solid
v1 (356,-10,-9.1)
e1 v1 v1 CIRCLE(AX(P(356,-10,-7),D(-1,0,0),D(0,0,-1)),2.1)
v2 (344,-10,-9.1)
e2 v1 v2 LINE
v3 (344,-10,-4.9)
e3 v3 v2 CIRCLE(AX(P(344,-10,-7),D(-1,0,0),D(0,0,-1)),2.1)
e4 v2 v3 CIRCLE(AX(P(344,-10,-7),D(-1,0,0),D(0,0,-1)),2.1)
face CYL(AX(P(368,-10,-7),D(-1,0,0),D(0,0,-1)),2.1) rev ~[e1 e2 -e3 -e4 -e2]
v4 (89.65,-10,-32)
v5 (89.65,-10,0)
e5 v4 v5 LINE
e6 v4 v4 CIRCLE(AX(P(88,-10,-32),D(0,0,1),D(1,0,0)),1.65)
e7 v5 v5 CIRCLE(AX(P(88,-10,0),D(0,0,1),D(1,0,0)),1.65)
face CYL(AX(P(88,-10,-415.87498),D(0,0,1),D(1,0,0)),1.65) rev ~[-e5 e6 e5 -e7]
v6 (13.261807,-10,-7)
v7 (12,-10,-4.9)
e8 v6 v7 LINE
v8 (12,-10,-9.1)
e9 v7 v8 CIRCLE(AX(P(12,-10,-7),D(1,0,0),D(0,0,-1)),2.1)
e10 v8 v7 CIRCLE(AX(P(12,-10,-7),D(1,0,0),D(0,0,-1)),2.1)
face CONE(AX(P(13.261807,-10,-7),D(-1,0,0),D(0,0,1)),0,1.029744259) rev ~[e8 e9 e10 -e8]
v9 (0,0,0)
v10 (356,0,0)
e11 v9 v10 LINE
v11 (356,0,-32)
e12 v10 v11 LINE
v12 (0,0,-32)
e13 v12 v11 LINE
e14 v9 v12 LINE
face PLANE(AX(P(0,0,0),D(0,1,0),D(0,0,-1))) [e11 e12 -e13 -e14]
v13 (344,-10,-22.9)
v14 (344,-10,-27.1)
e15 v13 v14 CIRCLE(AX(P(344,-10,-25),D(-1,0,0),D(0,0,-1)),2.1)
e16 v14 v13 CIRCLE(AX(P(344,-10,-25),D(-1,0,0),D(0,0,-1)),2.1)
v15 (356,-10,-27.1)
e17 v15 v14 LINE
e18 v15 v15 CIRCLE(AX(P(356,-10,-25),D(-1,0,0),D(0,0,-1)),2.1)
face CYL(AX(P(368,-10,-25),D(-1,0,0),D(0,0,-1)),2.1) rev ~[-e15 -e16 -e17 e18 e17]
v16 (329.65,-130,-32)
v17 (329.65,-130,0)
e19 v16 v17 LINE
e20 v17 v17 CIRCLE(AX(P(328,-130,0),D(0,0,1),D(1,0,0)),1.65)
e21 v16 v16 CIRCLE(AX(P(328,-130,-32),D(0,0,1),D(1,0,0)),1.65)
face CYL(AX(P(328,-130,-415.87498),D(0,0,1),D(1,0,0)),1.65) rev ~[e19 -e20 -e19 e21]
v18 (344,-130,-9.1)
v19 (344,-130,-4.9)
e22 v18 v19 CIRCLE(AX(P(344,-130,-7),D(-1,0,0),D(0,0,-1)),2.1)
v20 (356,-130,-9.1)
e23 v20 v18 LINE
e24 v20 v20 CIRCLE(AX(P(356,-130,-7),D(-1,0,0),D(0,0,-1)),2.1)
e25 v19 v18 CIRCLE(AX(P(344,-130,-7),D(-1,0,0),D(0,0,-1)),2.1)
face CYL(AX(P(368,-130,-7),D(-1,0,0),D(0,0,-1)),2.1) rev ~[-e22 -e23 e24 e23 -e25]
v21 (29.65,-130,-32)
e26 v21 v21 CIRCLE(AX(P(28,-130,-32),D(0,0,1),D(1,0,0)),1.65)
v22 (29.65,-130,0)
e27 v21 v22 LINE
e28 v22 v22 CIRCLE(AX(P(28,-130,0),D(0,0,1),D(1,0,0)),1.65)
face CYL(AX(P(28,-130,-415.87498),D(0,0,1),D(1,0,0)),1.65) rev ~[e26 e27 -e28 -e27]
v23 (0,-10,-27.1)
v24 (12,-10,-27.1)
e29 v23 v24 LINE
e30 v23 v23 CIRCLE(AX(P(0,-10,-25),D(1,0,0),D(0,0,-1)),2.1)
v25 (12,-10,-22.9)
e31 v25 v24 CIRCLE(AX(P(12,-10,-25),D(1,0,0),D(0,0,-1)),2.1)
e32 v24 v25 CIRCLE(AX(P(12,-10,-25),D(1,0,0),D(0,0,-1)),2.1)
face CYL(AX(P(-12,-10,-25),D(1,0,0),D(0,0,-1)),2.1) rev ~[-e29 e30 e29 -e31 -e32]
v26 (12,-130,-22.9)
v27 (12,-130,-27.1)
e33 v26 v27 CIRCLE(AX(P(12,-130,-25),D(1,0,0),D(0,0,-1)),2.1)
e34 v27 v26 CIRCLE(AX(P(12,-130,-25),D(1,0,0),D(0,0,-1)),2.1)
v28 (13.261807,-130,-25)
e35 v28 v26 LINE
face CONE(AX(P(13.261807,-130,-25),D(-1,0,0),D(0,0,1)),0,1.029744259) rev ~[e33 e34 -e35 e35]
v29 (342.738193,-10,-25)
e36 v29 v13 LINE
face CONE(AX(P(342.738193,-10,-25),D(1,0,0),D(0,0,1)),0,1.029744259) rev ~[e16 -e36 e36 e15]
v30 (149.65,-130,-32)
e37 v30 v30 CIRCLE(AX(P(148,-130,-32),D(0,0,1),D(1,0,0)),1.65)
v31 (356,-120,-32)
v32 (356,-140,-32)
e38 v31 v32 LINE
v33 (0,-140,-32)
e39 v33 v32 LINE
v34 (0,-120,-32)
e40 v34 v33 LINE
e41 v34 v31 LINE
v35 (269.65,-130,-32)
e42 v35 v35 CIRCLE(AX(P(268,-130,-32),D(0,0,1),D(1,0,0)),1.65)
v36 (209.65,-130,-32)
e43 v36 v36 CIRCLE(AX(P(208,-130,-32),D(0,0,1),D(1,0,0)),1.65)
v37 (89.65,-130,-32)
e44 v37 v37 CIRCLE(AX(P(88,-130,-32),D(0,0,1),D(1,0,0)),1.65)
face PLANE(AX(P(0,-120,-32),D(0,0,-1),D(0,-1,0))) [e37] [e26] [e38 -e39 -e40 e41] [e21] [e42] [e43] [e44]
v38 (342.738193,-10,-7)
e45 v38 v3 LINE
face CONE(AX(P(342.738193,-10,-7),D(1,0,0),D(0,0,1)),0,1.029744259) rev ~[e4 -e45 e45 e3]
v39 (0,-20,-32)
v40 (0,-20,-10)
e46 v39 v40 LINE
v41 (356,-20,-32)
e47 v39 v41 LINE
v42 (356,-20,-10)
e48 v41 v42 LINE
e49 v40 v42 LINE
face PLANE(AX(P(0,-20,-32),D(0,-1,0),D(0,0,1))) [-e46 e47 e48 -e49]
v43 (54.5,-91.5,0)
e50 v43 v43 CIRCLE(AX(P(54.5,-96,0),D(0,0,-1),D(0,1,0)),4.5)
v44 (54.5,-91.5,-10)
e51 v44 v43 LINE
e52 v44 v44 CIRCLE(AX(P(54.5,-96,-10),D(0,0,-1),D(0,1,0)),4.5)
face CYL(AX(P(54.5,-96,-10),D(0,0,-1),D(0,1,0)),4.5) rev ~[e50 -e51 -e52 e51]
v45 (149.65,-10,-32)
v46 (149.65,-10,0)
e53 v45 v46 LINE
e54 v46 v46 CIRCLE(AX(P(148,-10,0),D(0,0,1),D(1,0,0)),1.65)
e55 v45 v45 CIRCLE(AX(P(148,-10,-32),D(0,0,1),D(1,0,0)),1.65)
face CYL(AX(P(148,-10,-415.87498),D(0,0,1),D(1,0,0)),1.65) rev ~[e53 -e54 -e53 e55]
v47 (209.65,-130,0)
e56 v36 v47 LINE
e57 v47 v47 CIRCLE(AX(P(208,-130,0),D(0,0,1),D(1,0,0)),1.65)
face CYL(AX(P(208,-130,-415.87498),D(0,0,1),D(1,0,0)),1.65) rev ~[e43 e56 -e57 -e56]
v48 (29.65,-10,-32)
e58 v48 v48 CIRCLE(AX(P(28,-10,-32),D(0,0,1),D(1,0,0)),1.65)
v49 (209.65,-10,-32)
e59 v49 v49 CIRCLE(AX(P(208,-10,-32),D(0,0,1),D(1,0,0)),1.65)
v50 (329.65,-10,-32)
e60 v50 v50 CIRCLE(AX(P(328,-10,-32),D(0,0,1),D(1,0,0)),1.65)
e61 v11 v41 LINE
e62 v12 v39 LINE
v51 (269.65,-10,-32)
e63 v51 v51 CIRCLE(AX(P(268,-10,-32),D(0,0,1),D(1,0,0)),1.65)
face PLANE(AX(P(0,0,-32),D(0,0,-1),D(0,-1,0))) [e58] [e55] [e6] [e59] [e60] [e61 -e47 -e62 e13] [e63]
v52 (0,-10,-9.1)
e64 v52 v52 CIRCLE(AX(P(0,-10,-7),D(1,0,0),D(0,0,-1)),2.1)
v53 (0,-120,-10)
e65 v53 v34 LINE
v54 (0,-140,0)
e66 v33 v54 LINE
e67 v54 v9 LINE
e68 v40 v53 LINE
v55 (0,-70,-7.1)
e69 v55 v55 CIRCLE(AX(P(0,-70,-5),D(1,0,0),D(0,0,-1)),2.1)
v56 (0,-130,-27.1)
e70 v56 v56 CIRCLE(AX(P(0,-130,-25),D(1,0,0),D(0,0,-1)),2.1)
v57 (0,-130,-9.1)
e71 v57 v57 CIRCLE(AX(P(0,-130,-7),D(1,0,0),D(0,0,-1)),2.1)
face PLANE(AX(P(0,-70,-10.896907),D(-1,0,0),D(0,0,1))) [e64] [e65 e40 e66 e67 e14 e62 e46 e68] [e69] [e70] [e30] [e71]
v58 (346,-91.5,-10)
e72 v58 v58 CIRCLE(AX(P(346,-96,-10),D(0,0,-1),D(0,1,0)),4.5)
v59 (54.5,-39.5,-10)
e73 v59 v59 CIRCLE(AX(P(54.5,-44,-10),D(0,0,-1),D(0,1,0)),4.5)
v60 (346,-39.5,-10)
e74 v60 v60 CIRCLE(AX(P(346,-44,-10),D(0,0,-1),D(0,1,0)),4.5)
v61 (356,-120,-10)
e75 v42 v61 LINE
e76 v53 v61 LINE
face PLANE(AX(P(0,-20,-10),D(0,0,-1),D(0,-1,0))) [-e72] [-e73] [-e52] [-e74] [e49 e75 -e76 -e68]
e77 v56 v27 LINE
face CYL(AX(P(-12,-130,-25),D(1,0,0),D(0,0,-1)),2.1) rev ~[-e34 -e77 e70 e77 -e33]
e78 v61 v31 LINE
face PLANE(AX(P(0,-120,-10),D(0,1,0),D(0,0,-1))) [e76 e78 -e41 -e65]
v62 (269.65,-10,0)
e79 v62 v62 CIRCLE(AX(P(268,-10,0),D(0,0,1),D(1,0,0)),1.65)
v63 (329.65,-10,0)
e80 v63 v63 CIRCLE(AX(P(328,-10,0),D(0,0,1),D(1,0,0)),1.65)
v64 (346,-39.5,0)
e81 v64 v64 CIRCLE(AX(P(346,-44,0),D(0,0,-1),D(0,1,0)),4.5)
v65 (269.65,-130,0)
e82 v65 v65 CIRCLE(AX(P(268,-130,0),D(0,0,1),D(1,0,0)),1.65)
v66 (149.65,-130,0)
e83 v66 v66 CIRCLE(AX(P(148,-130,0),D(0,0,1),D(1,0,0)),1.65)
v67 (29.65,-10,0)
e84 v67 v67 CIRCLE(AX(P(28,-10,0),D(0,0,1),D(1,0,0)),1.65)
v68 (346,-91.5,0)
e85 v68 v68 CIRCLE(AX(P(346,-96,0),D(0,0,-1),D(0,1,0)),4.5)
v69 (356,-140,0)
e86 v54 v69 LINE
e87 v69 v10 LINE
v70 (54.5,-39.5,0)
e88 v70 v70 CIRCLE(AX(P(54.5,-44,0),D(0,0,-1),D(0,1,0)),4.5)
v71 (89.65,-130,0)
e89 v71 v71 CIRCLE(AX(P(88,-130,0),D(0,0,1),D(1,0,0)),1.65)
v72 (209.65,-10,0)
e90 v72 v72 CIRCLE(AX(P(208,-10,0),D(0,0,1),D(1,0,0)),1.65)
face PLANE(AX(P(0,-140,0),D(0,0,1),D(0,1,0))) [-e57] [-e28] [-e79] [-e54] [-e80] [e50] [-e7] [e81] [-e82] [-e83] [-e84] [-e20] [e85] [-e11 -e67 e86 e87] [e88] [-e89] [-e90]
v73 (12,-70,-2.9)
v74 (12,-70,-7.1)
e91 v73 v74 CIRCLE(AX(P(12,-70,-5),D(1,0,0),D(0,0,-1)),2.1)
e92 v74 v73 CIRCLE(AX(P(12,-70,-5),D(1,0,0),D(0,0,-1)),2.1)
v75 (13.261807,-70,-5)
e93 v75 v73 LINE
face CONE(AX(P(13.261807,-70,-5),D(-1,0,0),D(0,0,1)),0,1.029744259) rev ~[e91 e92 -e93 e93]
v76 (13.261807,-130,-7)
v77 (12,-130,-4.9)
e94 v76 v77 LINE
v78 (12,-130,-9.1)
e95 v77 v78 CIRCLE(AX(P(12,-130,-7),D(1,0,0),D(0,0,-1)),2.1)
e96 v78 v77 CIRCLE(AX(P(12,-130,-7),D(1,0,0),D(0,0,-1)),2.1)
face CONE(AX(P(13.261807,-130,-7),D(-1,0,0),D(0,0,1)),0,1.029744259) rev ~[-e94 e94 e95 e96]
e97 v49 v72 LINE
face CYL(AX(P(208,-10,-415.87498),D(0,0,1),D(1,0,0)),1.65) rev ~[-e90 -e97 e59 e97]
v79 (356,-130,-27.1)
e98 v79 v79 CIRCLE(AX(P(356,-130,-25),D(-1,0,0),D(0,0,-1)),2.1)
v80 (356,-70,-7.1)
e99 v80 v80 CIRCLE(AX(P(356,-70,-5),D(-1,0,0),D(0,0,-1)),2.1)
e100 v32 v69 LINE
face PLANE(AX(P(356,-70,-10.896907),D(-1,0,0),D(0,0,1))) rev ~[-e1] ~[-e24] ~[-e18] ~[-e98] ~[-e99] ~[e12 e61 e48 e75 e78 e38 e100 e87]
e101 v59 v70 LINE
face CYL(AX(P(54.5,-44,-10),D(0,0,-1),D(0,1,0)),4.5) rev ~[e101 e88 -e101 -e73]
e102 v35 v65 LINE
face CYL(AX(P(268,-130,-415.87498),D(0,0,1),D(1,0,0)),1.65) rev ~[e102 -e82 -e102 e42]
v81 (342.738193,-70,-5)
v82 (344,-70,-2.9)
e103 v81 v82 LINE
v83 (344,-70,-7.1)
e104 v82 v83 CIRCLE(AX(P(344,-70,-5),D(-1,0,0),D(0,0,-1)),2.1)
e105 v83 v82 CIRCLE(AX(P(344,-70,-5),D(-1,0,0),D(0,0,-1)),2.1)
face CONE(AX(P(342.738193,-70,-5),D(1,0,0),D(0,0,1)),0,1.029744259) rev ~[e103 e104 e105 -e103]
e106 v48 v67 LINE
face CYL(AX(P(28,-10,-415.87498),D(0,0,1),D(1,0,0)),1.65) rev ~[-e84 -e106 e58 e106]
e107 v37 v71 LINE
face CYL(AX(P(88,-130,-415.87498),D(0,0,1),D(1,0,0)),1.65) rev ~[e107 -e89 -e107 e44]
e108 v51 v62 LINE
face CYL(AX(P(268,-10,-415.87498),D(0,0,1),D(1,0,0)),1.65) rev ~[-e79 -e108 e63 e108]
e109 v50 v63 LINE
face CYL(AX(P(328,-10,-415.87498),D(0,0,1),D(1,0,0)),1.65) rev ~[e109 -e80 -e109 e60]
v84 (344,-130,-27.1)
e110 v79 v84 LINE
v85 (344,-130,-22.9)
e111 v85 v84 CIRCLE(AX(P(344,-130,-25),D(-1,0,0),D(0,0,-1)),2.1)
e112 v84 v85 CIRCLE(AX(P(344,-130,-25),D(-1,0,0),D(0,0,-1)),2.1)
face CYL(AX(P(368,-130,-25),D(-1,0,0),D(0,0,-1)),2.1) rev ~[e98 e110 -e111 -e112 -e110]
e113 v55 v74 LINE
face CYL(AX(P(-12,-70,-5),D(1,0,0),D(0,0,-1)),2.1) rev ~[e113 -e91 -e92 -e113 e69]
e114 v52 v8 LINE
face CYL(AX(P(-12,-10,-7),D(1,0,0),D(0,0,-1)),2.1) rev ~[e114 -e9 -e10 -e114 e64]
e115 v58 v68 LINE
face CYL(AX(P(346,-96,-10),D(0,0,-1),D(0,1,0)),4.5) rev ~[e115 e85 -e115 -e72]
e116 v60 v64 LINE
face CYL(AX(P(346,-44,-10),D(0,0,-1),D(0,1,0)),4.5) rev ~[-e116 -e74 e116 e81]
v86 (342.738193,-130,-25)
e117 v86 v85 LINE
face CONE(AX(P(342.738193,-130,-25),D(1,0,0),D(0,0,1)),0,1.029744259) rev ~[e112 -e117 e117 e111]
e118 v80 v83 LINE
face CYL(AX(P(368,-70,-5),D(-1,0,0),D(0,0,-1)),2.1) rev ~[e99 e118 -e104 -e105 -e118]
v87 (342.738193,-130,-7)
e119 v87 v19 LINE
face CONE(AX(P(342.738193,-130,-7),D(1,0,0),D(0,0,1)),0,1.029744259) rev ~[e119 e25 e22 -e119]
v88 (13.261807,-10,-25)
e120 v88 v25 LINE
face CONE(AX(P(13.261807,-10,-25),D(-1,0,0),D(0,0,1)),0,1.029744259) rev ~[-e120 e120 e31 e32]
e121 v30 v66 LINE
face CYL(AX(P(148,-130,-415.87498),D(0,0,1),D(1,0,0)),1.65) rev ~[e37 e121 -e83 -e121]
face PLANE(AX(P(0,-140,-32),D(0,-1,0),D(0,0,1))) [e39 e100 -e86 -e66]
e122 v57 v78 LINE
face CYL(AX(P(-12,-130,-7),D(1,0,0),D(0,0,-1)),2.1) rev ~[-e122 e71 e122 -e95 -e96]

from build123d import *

# Parameters (mm, degrees)
EXTRUDE_1_DEPTH        = 356
HOLE_WIZARD_M5_1_D     = 4.2
HOLE_WIZARD_M5_1_DEPTH = 12
HOLE_WIZARD_M5_1_TIP   = 1.2618073
SKETCH_13_R            = 4.5
CUT_EXTRUDE_1_DEPTH    = 384.170980112
HOLE_WIZARD_M4_1_D     = 3.3
PATTERN_LINEAR_1_COUNT = 6
PATTERN_LINEAR_1_PITCH = 60
HOLE_WIZARD_M5_2_D     = 4.2
HOLE_WIZARD_M5_2_DEPTH = 12
HOLE_WIZARD_M5_2_TIP   = 1.2618073


with BuildPart() as part:
    # 草图1 → 凸台-拉伸1 (new body)
    with BuildSketch(Plane(origin=(0, 0, 0), x_dir=(0, 0, -1), z_dir=(1, 0, 0))):
        Polygon((0, 0), (32, 0), (32, -20), (10, -20), (10, -120), (32, -120), (32, -140), (0, -140), align=None)
    extrude(amount=EXTRUDE_1_DEPTH)

    # M5 螺纹孔1
    with Locations(Plane(origin=(356, -130, -25), x_dir=(0, 0, 1), z_dir=(1, 0, 0))):
        with Locations((0, 0), (18, 0), (18, -120), (0, -120), (20, -60)):
            Hole(HOLE_WIZARD_M5_1_D / 2, depth=HOLE_WIZARD_M5_1_DEPTH)
            with Locations((0, 0, -(HOLE_WIZARD_M5_1_DEPTH + HOLE_WIZARD_M5_1_TIP / 2))):  # 118° drill point
                Cone(0, HOLE_WIZARD_M5_1_D / 2, HOLE_WIZARD_M5_1_TIP, mode=Mode.SUBTRACT)

    # 草图13 → 切除-拉伸1 (cut, through all)
    with BuildSketch(Plane(origin=(0, 0, -10), x_dir=(-1, 0, 0), z_dir=(0, 0, -1))):
        with Locations(Location((-346, -44, 0), (0, 0, 90))):
            Circle(SKETCH_13_R)
        with Locations(Location((-346, -96, 0), (0, 0, 90))):
            Circle(SKETCH_13_R)
        with Locations(Location((-54.5, -44, 0), (0, 0, 90))):
            Circle(SKETCH_13_R)
        with Locations(Location((-54.5, -96, 0), (0, 0, 90))):
            Circle(SKETCH_13_R)
    extrude(amount=-CUT_EXTRUDE_1_DEPTH, mode=Mode.SUBTRACT)

    # M4 螺纹孔1 (through all)
    with Locations(Plane(origin=(328, -130, -32), x_dir=(-1, 0, 0), z_dir=(0, 0, -1))):
        with Locations((0, 0), (0, 120)):
            hole_wizard_m4_1 = Hole(HOLE_WIZARD_M4_1_D / 2)

    # 阵列(线性)1: M4 螺纹孔1 ×6
    with Locations(*[(-i * PATTERN_LINEAR_1_PITCH, 0, 0) for i in range(1, PATTERN_LINEAR_1_COUNT)]):
        add(hole_wizard_m4_1, mode=Mode.SUBTRACT)

    # M5 螺纹孔2
    with Locations(Plane.ZY):
        with Locations((-7, -10), (-25, -10), (-5, -70), (-7, -130), (-25, -130)):
            Hole(HOLE_WIZARD_M5_2_D / 2, depth=HOLE_WIZARD_M5_2_DEPTH)
            with Locations((0, 0, -(HOLE_WIZARD_M5_2_DEPTH + HOLE_WIZARD_M5_2_TIP / 2))):  # 118° drill point
                Cone(0, HOLE_WIZARD_M5_2_D / 2, HOLE_WIZARD_M5_2_TIP, mode=Mode.SUBTRACT)


solid = part.part
